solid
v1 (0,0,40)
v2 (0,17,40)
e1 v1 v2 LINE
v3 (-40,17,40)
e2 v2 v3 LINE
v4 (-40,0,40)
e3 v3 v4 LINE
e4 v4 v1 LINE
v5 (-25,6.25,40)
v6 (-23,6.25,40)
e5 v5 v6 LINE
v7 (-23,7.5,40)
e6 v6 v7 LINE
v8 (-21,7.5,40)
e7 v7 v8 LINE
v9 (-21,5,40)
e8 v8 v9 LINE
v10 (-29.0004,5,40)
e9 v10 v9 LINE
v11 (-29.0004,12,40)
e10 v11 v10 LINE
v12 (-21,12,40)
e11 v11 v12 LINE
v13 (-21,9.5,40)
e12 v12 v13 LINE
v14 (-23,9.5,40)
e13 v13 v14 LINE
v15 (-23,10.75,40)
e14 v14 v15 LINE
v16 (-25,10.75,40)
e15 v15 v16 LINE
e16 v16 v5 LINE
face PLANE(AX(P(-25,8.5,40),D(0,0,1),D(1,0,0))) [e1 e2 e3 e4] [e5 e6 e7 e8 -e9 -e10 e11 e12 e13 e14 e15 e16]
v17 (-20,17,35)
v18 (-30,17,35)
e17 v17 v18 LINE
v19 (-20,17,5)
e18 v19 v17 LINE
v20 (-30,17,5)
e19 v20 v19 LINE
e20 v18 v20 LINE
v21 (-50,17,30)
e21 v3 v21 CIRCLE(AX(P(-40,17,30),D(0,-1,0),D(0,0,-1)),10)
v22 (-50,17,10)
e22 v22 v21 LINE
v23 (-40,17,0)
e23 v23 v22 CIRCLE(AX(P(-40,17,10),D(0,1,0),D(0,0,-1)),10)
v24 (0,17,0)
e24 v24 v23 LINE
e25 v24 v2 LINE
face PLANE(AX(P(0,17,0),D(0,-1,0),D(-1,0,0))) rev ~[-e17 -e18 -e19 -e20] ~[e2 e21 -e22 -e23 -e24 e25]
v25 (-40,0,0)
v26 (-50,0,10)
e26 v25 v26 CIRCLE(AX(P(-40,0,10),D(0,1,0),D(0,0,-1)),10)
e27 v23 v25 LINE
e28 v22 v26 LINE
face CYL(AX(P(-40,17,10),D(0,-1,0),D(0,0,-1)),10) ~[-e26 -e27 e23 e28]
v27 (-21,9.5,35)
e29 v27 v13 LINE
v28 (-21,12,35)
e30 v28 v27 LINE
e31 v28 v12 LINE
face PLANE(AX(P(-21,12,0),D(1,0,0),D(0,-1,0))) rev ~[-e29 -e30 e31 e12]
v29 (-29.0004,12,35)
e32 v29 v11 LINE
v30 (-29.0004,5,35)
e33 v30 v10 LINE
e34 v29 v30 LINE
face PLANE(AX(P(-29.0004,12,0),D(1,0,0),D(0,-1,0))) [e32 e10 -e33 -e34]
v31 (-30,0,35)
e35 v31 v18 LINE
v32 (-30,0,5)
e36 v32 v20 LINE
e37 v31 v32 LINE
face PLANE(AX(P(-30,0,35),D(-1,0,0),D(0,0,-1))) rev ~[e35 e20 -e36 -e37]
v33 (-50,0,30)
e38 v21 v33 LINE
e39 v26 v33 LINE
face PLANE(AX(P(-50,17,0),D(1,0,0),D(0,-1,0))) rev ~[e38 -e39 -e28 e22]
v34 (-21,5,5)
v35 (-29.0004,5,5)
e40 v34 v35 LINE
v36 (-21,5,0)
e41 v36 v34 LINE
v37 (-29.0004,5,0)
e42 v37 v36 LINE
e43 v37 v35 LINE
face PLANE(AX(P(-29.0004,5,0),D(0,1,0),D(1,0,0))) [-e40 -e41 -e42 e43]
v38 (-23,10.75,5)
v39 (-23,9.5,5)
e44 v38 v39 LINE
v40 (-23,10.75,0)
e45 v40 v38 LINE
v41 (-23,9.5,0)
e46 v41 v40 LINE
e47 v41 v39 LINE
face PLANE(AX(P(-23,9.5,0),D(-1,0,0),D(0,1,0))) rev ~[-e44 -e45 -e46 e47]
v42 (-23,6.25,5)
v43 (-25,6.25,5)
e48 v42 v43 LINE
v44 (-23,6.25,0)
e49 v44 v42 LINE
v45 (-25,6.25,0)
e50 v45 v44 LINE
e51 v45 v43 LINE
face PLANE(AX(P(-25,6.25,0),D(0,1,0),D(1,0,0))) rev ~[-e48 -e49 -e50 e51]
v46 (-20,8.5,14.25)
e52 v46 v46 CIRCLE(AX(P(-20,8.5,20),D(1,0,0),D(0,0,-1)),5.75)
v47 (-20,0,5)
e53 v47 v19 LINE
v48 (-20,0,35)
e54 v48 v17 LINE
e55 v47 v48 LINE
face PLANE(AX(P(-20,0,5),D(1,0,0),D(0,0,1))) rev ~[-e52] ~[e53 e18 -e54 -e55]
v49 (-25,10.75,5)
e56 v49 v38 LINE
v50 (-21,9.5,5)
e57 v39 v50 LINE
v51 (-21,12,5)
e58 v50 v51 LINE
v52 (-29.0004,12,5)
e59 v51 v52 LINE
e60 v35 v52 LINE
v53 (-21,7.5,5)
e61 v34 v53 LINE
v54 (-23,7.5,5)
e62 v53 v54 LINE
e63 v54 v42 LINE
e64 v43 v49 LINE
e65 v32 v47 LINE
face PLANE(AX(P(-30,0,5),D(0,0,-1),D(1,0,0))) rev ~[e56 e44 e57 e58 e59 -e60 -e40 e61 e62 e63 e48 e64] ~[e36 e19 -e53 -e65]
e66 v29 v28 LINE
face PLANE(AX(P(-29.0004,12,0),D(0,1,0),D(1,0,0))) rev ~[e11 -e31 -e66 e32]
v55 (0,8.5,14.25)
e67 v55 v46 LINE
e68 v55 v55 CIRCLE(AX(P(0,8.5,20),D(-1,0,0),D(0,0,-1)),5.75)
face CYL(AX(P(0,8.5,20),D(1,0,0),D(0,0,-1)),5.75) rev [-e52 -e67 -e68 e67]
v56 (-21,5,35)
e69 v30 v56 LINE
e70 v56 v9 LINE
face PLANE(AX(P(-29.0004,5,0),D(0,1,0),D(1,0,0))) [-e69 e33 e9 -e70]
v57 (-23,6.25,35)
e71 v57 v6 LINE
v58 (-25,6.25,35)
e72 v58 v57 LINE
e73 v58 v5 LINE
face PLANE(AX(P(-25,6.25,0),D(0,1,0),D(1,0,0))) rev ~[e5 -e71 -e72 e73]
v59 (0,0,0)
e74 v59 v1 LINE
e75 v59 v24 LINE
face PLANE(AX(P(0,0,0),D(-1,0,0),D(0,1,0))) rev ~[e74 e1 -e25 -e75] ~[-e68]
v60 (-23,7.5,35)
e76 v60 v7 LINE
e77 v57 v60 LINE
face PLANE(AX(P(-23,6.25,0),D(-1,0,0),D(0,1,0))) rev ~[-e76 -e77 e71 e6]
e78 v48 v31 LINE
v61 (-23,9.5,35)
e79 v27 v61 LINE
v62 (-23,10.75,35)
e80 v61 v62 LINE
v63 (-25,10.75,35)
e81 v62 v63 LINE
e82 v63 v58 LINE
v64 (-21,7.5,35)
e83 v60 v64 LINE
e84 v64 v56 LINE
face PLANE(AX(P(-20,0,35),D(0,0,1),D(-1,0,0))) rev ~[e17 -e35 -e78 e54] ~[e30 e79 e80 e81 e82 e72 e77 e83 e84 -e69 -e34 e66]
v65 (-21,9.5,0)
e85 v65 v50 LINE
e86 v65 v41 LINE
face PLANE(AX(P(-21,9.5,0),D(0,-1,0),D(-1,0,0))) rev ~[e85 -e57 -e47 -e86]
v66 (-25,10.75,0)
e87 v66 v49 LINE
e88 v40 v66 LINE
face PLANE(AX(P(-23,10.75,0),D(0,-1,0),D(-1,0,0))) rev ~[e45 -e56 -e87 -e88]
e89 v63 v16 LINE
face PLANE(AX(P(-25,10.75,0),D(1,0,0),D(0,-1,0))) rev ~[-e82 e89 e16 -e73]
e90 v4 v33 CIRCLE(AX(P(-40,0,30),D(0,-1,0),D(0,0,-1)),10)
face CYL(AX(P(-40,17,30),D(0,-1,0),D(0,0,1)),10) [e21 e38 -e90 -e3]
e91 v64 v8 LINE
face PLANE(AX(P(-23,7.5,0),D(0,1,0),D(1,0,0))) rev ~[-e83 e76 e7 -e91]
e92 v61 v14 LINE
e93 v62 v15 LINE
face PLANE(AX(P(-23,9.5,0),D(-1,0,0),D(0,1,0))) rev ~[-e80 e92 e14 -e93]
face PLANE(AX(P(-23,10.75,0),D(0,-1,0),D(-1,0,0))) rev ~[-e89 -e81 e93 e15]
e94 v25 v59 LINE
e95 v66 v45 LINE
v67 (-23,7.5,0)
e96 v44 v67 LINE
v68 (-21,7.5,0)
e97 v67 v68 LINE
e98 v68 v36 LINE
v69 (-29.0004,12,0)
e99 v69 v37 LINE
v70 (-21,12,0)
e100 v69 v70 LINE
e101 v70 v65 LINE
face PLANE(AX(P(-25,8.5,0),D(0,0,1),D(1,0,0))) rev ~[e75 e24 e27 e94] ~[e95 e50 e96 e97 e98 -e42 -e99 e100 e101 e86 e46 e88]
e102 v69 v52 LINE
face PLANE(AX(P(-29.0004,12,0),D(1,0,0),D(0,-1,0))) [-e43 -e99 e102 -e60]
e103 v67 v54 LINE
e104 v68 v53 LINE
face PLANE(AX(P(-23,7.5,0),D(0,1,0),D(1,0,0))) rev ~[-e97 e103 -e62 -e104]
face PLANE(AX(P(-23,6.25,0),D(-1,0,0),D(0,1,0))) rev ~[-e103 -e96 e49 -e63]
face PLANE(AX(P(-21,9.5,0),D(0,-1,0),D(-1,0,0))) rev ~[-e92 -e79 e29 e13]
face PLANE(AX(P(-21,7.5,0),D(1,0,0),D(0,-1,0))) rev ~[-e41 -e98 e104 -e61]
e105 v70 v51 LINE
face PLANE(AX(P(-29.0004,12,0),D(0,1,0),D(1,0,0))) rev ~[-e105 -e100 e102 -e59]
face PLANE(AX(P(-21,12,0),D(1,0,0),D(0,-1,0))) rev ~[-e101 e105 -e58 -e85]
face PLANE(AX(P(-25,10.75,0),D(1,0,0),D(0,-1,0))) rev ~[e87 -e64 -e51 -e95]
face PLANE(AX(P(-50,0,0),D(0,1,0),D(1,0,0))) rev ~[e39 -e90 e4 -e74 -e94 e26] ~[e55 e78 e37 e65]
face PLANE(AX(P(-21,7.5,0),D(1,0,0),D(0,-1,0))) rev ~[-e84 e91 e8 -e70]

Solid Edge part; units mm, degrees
sketch "Sketch1" plane through (0, 0, 0) normal (0, 0, 1) x (1, 0, 0)
  line L0 (-23, 6.25) -> (-23, 7.5)
  line L1 (-23, 7.5) -> (-21, 7.5)
  line L2 (-21, 7.5) -> (-21, 5)
  line L3 (-29.0004, 5) -> (-21, 5)
  line L4 (-29.0004, 12) -> (-29.0004, 5)
  line L5 (-29.0004, 12) -> (-21, 12)
  line L6 (-21, 12) -> (-21, 9.5)
  line L7 (-21, 9.5) -> (-23, 9.5)
  line L8 (-23, 9.5) -> (-23, 10.75)
  line L9 (-23, 10.75) -> (-25, 10.75)
  line L10 (-25, 10.75) -> (-25, 6.25)
  line L11 (-25, 6.25) -> (-23, 6.25)
  line L12 (0, 17) -> (-50, 17)
  line L13 (-50, 17) -> (-50, 0)
  line L14 (-50, 0) -> (0, 0)
  line L15 (0, 0) -> (0, 17)
extrude "ProtrusiónExtruida_1" add sketch "Sketch1" along normal blind 40
sketch "Sketch2" plane through (-25, 0, 20) normal (0, -1, 0) x (1, 0, 0)
  line L0 (-5, -15) -> (5, -15)
  line L1 (5, -15) -> (5, 15)
  line L2 (5, 15) -> (-5, 15)
  line L3 (-5, 15) -> (-5, -15)
extrude "VaciadoExtruido_2" cut sketch "Sketch2" against normal blind 92
hole "Agujero_2" at (0, 8.5, 20) direction (-1, 0, 0) diameter 11.5 end up to next
fillet "Redondeo_1" radius 10 2 edges at (-50, 8.5, 0) (-50, 8.5, 40)
